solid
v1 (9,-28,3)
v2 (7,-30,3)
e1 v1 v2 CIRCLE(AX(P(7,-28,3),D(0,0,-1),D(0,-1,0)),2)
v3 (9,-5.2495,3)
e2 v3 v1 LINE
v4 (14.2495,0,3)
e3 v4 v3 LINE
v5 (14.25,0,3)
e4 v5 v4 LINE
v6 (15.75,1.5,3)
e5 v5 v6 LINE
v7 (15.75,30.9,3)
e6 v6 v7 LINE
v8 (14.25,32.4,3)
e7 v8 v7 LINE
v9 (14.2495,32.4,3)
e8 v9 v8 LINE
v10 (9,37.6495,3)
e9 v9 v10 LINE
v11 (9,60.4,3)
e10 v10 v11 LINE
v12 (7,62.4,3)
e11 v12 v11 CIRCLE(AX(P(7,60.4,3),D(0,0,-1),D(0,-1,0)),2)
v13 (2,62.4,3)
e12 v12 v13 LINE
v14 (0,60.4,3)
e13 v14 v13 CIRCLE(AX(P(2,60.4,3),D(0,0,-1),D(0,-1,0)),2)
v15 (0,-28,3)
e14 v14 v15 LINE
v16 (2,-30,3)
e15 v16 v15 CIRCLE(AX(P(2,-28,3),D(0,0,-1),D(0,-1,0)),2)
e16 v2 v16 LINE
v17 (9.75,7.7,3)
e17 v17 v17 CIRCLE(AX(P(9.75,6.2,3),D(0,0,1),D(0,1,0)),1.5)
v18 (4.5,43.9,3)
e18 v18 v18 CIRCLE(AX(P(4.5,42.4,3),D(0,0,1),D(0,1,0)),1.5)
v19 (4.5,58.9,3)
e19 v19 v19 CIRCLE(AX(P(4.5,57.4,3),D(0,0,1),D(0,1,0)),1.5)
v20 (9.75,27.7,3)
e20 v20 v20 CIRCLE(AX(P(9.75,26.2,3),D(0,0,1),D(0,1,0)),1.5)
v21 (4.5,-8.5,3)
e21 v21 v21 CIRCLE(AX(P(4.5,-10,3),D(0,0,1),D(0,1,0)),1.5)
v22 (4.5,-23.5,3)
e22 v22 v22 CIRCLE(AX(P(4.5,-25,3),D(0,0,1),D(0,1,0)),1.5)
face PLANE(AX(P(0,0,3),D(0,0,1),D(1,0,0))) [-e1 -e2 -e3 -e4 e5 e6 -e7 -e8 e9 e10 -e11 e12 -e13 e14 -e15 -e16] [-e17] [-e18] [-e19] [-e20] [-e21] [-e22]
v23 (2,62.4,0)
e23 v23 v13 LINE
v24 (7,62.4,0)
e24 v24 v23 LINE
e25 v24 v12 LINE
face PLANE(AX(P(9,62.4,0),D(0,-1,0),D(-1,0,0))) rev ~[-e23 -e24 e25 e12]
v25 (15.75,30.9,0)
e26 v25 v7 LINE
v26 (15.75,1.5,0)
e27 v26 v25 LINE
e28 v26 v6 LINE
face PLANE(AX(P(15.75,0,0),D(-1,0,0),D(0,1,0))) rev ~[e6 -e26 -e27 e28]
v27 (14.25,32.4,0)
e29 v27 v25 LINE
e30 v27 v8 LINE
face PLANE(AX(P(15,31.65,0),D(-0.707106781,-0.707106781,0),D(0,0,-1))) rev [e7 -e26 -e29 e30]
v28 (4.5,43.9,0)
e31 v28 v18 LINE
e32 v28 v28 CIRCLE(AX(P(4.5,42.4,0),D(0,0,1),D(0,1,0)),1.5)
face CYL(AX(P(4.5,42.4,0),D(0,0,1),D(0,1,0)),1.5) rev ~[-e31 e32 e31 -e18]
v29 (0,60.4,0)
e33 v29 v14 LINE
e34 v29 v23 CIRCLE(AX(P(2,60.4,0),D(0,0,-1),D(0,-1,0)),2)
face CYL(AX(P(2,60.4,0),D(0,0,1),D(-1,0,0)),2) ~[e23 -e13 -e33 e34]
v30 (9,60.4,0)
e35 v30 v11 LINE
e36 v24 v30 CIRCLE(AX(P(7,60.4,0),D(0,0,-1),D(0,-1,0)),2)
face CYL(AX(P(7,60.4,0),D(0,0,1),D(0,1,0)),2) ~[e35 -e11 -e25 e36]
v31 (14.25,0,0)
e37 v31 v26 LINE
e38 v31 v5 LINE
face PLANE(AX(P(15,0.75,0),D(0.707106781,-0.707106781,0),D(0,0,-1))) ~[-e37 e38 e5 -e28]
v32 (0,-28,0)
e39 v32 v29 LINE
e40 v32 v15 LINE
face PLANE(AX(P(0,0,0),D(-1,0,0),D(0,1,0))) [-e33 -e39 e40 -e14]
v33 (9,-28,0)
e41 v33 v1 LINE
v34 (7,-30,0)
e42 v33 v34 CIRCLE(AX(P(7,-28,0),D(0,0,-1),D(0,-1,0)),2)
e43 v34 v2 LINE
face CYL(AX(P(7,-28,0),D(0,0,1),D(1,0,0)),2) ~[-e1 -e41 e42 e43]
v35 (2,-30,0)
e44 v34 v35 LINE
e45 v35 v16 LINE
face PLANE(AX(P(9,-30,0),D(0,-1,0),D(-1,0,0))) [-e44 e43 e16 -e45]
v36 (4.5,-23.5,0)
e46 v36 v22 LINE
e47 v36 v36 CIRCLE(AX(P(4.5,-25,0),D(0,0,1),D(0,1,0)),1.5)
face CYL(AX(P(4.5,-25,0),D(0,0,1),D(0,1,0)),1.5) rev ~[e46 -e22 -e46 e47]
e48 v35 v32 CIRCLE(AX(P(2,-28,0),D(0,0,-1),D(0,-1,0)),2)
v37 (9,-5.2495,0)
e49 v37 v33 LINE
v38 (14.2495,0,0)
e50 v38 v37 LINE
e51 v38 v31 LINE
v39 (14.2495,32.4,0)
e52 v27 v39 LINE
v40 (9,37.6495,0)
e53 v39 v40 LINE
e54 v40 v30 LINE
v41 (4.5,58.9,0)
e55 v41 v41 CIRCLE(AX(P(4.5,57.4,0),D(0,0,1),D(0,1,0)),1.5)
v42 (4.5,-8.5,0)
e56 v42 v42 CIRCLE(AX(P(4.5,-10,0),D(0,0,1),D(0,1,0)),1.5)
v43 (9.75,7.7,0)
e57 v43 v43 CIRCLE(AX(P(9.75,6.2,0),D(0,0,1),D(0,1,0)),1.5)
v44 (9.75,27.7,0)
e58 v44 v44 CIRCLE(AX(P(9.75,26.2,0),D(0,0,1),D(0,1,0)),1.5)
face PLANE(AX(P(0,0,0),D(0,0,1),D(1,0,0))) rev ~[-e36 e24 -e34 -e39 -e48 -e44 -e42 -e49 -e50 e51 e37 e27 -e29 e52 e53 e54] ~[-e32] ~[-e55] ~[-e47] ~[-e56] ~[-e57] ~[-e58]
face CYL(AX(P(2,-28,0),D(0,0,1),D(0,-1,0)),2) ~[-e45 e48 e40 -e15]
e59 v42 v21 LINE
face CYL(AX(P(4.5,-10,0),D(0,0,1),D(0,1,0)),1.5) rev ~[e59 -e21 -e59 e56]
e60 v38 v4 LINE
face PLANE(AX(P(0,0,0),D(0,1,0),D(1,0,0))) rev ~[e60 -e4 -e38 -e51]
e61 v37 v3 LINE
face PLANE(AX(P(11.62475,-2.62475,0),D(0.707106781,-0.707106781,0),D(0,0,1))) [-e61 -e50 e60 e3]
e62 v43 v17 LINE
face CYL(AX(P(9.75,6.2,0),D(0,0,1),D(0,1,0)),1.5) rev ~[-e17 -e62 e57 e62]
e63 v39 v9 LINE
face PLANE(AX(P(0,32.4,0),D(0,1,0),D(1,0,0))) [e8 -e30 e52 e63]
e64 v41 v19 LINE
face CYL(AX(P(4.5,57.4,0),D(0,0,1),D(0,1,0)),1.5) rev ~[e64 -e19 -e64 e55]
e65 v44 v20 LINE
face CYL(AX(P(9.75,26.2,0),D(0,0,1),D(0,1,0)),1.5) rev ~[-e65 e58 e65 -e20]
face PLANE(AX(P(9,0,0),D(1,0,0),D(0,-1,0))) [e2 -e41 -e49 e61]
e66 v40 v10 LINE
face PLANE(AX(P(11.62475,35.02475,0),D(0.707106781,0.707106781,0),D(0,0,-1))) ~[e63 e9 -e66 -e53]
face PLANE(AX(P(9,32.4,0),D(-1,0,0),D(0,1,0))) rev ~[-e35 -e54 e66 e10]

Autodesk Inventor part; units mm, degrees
ref_plane "YZ Plane" through (0, 0, 0) normal (1, 0, 0) x (0, 1, 0)
ref_plane "XZ Plane" through (0, 0, 0) normal (0, 1, 0) x (-1, 0, 0)
ref_plane "XY Plane" through (0, 0, 0) normal (0, 0, 1) x (1, 0, 0)
sketch "Szkic1" plane through (0, 0, 0) normal (0, 0, 1) x (1, 0, 0)
  line L0 (0, 0) -> (15.75, 0)
  line L1 (15.75, 0) -> (15.75, 32.4)
  line L2 (0, 32.4) -> (15.75, 32.4)
  line L3 (0, 0) -> (0, 32.4)
  line L4 (0, 0) -> (9, 0)
  line L5 (9, 0) -> (9, -30)
  line L6 (9, -30) -> (0, -30)
  line L7 (0, -30) -> (0, 0)
  line L8 (0, 32.4) -> (9, 32.4)
  line L9 (9, 32.4) -> (9, 62.4)
  line L10 (9, 62.4) -> (0, 62.4)
  line L11 (0, 62.4) -> (0, 32.4)
  point P0 (15.1556, 0)
  point P1 (9.75, 26.2)
  point P2 (9.75, 6.2)
  point P3 (4.5, -25)
  point P4 (4.5, -10)
  point P5 (4.5, 42.4)
  point P6 (4.5, 57.4)
  dimension "d0" = 9.75
  dimension "d1" = 9.75
  dimension "d2" = 6.2
  dimension "d3" = 6.2
  dimension "d13" = 15.75
  dimension "d14" = 32.4
  dimension "d18" = 9
  dimension "d19" = 30
  dimension "d20" = 9
  dimension "d21" = 30
  dimension "d31" = 4.5
  dimension "d32" = 4.5
  dimension "d33" = 4.5
  dimension "d34" = 4.5
  dimension "d35" = 5
  dimension "d36" = 5
  dimension "d37" = 15
  dimension "d38" = 15
extrude "Wyciągnięcie proste1" add sketch "Szkic1" along normal blind 3 contours L3 L2 L1 L0
hole "Otwór1" at (9.75, 6.2, 0) at (9.75, 26.2, 0) direction (0, 0, 1) diameter 3 end through all
chamfer "Faza1" distance 1.5 angle 45 2 edges at (15.75, 0, 1.5) (15.75, 32.4, 1.5)
extrude "Wyciągnięcie proste2" add sketch "Szkic1" along normal blind 3 contours L0 L5 L6 L7 | L11 L10 L9 L2
chamfer "Faza2" distance 5.25 distance2 5.25 1 edges at (9, 32.4, 1.5) measured on face at (12.5, 32.4, 1)
chamfer "Faza3" distance 5.25 distance2 5.25 1 edges at (9, 0, 1.5) measured on face at (10.75, 0, 1)
fillet "Zaokrąglenie1" radius 2 4 edges at (9, -30, 1.5) (0, -30, 1.5) (9, 62.4, 1.5) (0, 62.4, 1.5)
hole "Otwór2" at (4.5, -25, 0) at (4.5, -10, 0) at (4.5, 42.4, 0) at (4.5, 57.4, 0) direction (0, 0, 1) diameter 3 end through all
equation "\"d1\" = d0"
equation "\"d3\" = d2"
equation "\"d18\" = d20"
equation "\"d19\" = d21"
equation "\"d35\" = d36"
properties part number "LC_ALU_3mm_X_Axis_Carriage_Accesory_Mounting_Bracket"
